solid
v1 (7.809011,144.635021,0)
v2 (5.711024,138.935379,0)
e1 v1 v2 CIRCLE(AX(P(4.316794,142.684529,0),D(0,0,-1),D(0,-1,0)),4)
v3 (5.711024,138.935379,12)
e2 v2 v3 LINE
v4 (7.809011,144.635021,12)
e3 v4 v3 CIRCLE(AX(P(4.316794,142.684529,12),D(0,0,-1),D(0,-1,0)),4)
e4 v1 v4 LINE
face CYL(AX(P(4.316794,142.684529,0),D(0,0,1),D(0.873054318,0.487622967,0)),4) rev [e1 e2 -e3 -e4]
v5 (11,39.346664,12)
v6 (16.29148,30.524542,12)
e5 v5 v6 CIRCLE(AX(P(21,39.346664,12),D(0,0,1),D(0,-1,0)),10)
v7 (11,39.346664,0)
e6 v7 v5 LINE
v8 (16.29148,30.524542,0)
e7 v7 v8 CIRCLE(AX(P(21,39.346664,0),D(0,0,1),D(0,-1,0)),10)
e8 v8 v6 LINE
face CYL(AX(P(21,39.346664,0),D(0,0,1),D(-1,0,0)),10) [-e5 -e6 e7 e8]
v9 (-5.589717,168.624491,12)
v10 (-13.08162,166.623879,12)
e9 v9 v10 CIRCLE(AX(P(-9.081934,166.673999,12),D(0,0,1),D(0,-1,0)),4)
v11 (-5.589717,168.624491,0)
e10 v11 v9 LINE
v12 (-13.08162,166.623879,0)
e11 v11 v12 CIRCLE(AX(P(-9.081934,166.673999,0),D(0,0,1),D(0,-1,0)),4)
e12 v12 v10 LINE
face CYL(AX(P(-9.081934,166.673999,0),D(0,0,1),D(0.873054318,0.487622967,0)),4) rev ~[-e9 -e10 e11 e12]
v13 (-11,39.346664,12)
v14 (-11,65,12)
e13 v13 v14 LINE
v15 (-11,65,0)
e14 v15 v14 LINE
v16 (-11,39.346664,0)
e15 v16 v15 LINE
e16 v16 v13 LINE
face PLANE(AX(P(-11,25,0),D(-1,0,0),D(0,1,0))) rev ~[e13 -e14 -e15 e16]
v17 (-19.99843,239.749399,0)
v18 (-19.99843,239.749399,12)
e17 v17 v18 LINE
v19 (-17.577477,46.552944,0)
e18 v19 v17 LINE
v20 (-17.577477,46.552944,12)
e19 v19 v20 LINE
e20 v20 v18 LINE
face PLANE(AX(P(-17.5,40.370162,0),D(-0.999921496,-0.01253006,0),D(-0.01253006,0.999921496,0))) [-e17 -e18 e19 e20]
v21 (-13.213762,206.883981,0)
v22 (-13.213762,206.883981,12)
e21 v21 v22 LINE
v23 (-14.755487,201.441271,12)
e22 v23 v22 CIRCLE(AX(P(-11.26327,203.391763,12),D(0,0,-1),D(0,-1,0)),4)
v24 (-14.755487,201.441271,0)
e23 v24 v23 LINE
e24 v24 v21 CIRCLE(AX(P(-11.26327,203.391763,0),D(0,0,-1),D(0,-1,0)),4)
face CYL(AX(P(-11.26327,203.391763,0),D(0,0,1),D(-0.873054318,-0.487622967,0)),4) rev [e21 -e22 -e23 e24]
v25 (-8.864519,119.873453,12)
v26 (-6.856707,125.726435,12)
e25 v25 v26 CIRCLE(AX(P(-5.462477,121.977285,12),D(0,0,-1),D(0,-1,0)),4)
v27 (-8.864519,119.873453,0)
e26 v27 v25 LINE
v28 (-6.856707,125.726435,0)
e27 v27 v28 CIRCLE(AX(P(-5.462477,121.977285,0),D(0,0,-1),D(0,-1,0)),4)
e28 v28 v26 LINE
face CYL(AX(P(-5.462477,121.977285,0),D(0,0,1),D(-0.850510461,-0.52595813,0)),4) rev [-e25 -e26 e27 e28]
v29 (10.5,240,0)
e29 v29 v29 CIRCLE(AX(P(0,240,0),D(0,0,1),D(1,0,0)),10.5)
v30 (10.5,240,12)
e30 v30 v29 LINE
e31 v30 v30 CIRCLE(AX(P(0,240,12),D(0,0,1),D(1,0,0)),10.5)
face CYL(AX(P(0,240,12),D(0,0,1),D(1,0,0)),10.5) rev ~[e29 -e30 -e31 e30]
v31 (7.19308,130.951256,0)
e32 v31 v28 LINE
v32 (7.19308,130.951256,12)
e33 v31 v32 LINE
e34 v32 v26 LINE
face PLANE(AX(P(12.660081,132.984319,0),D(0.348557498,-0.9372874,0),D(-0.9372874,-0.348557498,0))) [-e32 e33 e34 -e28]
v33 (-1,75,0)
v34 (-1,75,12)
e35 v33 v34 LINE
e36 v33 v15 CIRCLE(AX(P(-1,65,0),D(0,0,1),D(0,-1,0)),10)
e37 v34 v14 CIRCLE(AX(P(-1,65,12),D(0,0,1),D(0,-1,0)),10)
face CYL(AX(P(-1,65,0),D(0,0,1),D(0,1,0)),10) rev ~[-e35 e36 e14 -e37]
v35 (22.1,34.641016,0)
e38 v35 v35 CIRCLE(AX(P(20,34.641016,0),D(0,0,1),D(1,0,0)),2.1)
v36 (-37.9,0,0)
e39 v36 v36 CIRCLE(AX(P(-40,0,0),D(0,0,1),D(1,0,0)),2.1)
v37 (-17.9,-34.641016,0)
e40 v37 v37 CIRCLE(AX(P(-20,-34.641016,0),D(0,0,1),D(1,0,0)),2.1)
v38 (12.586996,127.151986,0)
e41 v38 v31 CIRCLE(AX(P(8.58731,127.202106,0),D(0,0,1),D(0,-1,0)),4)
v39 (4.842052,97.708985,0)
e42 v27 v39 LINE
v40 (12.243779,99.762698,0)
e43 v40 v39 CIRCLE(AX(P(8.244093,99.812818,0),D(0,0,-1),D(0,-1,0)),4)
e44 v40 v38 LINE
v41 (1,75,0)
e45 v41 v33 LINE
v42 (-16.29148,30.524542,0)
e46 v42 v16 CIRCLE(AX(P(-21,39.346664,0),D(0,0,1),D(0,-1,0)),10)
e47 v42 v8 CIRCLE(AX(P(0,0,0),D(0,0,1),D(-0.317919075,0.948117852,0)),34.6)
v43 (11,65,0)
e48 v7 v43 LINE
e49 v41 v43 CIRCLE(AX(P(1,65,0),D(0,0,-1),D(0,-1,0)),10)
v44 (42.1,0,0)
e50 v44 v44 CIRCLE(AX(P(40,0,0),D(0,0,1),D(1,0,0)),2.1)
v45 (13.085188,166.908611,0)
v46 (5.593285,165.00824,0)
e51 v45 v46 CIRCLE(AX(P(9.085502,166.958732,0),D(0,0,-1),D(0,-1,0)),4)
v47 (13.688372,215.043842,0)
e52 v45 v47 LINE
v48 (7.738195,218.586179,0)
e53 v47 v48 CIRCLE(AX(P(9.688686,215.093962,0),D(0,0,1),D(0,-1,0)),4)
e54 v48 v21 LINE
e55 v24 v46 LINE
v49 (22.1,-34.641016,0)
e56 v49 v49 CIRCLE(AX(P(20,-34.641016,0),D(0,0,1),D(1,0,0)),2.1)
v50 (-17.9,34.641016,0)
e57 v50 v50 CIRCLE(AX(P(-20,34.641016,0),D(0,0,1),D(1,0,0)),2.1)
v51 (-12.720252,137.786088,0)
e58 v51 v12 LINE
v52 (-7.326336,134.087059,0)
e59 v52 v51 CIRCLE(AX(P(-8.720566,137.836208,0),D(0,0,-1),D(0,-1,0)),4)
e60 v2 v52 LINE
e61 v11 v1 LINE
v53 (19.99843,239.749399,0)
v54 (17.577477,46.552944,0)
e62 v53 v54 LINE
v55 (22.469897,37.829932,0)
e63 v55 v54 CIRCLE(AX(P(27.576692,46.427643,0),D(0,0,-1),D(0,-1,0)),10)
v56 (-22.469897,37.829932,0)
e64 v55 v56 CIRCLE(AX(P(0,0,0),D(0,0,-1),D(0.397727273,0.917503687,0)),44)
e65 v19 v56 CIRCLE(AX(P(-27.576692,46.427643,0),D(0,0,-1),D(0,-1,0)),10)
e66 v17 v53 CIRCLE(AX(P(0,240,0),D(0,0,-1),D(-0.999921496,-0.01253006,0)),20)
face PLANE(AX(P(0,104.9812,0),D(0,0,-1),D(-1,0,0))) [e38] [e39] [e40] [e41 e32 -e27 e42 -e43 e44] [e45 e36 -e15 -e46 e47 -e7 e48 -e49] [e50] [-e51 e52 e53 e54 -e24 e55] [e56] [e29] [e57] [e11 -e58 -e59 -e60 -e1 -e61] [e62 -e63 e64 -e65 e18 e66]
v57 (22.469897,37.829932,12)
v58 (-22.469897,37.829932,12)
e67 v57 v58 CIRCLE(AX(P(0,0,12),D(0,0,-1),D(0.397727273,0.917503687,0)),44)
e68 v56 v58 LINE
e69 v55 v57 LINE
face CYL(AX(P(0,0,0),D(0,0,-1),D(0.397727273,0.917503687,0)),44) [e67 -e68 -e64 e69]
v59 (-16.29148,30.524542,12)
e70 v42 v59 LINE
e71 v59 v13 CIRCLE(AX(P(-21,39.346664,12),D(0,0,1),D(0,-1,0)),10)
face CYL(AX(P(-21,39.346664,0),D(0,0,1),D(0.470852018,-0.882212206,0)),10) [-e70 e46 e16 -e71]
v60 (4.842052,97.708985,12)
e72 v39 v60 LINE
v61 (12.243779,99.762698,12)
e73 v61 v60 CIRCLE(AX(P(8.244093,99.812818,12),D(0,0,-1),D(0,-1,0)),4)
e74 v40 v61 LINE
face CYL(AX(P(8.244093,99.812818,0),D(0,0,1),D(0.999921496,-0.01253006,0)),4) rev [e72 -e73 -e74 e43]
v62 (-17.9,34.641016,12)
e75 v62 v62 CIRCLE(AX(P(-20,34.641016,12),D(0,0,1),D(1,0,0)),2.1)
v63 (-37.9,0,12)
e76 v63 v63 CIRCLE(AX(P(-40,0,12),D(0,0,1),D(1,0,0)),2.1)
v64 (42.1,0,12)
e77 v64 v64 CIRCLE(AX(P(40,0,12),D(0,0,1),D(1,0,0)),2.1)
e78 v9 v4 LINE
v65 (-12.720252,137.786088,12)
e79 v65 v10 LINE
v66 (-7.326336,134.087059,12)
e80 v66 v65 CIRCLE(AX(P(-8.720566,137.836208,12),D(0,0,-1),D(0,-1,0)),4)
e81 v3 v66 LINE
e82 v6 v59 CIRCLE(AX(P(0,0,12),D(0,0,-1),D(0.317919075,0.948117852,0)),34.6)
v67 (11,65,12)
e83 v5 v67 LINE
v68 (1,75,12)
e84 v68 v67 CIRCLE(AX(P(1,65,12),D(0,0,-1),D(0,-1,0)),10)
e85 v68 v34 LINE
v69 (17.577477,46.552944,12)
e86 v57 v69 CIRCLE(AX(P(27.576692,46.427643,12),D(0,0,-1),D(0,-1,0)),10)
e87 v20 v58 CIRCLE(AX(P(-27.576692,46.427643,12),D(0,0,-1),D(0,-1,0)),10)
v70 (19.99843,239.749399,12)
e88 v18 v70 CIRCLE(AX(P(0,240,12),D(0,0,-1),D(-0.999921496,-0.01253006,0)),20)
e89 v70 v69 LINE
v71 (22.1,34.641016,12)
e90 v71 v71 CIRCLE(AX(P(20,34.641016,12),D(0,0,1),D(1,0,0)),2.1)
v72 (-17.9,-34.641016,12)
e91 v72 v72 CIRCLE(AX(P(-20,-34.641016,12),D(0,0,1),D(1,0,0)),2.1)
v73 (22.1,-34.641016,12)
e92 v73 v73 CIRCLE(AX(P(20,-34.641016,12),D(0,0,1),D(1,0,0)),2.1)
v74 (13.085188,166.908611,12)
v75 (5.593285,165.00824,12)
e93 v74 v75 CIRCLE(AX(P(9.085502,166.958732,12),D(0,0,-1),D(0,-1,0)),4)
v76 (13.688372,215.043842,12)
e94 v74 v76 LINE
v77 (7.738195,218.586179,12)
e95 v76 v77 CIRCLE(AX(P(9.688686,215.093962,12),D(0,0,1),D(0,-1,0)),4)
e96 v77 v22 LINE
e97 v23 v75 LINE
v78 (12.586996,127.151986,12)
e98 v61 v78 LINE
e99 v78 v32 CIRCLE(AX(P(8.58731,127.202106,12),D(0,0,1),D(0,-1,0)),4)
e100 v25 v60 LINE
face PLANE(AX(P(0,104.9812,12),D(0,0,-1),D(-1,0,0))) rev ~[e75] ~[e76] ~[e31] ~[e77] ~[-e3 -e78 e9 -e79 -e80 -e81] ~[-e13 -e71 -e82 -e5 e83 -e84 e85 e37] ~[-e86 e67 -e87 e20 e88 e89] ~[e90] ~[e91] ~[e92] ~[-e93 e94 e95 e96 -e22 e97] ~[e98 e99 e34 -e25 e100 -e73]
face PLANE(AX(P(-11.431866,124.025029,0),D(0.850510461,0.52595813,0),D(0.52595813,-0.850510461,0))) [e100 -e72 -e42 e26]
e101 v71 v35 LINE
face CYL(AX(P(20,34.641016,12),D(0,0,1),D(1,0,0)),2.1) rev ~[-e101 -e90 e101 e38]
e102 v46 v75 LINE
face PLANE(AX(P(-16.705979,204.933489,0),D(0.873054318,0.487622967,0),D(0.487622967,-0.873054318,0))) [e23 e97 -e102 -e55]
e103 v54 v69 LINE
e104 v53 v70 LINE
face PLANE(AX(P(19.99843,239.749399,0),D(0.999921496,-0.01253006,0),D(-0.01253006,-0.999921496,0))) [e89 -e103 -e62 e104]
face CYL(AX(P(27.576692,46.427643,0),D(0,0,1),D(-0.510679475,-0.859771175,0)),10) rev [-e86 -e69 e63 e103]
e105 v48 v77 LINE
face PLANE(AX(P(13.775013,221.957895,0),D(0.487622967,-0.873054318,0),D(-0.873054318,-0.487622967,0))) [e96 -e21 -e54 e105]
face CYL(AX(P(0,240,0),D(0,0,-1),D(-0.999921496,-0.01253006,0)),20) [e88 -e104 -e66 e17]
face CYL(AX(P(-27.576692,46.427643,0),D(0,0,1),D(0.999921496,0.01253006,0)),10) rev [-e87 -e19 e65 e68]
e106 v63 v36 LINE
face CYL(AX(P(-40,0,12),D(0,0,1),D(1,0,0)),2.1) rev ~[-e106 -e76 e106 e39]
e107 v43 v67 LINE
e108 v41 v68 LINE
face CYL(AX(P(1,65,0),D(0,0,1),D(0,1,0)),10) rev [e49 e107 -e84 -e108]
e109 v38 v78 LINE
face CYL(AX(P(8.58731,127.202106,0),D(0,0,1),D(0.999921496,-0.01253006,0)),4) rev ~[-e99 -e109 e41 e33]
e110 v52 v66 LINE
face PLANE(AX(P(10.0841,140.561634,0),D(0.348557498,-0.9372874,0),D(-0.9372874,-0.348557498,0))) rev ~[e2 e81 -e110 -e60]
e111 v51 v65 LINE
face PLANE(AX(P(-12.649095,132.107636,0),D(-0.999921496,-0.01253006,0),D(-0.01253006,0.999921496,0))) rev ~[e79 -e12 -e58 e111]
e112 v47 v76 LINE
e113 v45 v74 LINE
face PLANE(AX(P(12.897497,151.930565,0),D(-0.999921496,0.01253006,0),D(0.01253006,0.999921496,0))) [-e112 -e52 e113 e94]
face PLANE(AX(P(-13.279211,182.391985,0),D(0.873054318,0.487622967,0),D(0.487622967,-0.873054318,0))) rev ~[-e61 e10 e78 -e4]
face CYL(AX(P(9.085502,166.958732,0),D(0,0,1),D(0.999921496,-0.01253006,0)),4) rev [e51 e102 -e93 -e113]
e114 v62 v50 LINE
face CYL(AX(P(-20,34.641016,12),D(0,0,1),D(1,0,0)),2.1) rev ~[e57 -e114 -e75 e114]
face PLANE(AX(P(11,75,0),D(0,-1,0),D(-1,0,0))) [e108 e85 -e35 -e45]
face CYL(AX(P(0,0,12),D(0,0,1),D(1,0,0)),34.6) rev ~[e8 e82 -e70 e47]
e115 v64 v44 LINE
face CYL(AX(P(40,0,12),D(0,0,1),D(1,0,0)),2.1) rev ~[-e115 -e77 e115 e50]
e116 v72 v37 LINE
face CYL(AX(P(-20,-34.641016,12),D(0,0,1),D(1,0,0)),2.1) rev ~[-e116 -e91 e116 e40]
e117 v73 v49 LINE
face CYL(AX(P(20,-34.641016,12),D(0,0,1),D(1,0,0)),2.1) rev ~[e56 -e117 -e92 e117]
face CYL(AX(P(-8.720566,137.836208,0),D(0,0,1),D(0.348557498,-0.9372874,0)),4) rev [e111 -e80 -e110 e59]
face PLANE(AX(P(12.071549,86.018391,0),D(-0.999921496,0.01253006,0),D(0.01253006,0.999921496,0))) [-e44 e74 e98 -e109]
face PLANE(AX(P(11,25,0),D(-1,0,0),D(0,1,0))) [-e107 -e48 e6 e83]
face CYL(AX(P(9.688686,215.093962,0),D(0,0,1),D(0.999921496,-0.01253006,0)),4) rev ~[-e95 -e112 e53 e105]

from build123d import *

# Parameters (mm, degrees)
EXTRUDE_1_DEPTH     = 12
SKETCH_2_R          = 10.5
SKETCH_2_R_2        = 34.6
SKETCH_2_R_3        = 2.1
CUT_EXTRUDE_1_DEPTH = 12
FILLET_1_R          = 10
SKETCH_3_W          = 22
SKETCH_3_H          = 50
CUT_EXTRUDE_2_DEPTH = 12
FILLET_2_R          = 10
CUT_EXTRUDE_3_DEPTH = 264.96969523
FILLET_4_R          = 4


with BuildPart() as part:
    # 草图1 → 凸台-拉伸1 (new body)
    with BuildSketch(Plane.XY):
        with BuildLine():
            Line((-17.5, 40.370162249), (-19.998429914, 239.749398802))
            ThreePointArc((-19.998429914, 239.749398802), (0, 260), (19.998429914, 239.749398802))
            Line((19.998429914, 239.749398802), (17.5, 40.370162249))
            ThreePointArc((17.5, 40.370162249), (0, -44), (-17.5, 40.370162249))
        make_face()
    extrude(amount=EXTRUDE_1_DEPTH)

    # 草图2 → 切除-拉伸1 (cut)
    with BuildSketch(Plane.XY.offset(12)):
        with Locations((0, 240)):
            Circle(SKETCH_2_R)
        Circle(SKETCH_2_R_2)
        with Locations((20, 34.641016151)):
            Circle(SKETCH_2_R_3)
        with Locations((40, 0)):
            Circle(SKETCH_2_R_3)
        with Locations((20, -34.641016151)):
            Circle(SKETCH_2_R_3)
        with Locations((-20, -34.641016151)):
            Circle(SKETCH_2_R_3)
        with Locations((-40, 0)):
            Circle(SKETCH_2_R_3)
        with Locations((-20, 34.641016151)):
            Circle(SKETCH_2_R_3)
    extrude(amount=-CUT_EXTRUDE_1_DEPTH, mode=Mode.SUBTRACT)

    # 圆角1
    fillet_1_edges = [part.edges().sort_by_distance(p)[0] for p in [
        (-17.5, 40.370162249, 6),
        (17.5, 40.370162249, 6),
    ]]
    fillet(fillet_1_edges, radius=FILLET_1_R)

    # 草图3 → 切除-拉伸2 (cut)
    with BuildSketch(Plane(origin=(0, 0, 0), x_dir=(-1, 0, 0), z_dir=(0, 0, -1))):
        with Locations((0, 50)):
            Rectangle(SKETCH_3_W, SKETCH_3_H)
    extrude(amount=-CUT_EXTRUDE_2_DEPTH, mode=Mode.SUBTRACT)

    # 圆角2
    fillet_2_edges = [part.edges().sort_by_distance(p)[0] for p in [
        (-11, 32.804877686, 6),
        (11, 32.804877686, 6),
        (-11, 75, 6),
        (11, 75, 6),
    ]]
    fillet(fillet_2_edges, radius=FILLET_2_R)

    # 草图5 → 切除-拉伸3 (cut, through all)
    with BuildSketch(Plane(origin=(0, 0, 0), x_dir=(-1, 0, 0), z_dir=(0, 0, -1))):
        Polygon((-13.775012743, 221.957895182), (16.705979035, 204.93348865), (-12.897497215, 151.930565202), align=None)
        Polygon((13.279210594, 182.391984789), (-10.08410037, 140.561634461), (12.649095231, 132.107636495), align=None)
        Polygon((-12.660080973, 132.98431864), (11.431866329, 124.025029456), (-12.071548884, 86.018390981), align=None)
    extrude(amount=-CUT_EXTRUDE_3_DEPTH, mode=Mode.SUBTRACT)

    # 圆角4
    fillet_4_edges = [part.edges().sort_by_distance(p)[0] for p in [
        (-13.279210594, 182.391984789, 6),
        (-12.649095231, 132.107636495, 6),
        (10.08410037, 140.561634461, 6),
        (12.071548884, 86.018390981, 6),
        (12.660080973, 132.98431864, 6),
        (-11.431866329, 124.025029456, 6),
        (12.897497215, 151.930565202, 6),
        (13.775012743, 221.957895182, 6),
        (-16.705979035, 204.93348865, 6),
    ]]
    fillet(fillet_4_edges, radius=FILLET_4_R)


solid = part.part
